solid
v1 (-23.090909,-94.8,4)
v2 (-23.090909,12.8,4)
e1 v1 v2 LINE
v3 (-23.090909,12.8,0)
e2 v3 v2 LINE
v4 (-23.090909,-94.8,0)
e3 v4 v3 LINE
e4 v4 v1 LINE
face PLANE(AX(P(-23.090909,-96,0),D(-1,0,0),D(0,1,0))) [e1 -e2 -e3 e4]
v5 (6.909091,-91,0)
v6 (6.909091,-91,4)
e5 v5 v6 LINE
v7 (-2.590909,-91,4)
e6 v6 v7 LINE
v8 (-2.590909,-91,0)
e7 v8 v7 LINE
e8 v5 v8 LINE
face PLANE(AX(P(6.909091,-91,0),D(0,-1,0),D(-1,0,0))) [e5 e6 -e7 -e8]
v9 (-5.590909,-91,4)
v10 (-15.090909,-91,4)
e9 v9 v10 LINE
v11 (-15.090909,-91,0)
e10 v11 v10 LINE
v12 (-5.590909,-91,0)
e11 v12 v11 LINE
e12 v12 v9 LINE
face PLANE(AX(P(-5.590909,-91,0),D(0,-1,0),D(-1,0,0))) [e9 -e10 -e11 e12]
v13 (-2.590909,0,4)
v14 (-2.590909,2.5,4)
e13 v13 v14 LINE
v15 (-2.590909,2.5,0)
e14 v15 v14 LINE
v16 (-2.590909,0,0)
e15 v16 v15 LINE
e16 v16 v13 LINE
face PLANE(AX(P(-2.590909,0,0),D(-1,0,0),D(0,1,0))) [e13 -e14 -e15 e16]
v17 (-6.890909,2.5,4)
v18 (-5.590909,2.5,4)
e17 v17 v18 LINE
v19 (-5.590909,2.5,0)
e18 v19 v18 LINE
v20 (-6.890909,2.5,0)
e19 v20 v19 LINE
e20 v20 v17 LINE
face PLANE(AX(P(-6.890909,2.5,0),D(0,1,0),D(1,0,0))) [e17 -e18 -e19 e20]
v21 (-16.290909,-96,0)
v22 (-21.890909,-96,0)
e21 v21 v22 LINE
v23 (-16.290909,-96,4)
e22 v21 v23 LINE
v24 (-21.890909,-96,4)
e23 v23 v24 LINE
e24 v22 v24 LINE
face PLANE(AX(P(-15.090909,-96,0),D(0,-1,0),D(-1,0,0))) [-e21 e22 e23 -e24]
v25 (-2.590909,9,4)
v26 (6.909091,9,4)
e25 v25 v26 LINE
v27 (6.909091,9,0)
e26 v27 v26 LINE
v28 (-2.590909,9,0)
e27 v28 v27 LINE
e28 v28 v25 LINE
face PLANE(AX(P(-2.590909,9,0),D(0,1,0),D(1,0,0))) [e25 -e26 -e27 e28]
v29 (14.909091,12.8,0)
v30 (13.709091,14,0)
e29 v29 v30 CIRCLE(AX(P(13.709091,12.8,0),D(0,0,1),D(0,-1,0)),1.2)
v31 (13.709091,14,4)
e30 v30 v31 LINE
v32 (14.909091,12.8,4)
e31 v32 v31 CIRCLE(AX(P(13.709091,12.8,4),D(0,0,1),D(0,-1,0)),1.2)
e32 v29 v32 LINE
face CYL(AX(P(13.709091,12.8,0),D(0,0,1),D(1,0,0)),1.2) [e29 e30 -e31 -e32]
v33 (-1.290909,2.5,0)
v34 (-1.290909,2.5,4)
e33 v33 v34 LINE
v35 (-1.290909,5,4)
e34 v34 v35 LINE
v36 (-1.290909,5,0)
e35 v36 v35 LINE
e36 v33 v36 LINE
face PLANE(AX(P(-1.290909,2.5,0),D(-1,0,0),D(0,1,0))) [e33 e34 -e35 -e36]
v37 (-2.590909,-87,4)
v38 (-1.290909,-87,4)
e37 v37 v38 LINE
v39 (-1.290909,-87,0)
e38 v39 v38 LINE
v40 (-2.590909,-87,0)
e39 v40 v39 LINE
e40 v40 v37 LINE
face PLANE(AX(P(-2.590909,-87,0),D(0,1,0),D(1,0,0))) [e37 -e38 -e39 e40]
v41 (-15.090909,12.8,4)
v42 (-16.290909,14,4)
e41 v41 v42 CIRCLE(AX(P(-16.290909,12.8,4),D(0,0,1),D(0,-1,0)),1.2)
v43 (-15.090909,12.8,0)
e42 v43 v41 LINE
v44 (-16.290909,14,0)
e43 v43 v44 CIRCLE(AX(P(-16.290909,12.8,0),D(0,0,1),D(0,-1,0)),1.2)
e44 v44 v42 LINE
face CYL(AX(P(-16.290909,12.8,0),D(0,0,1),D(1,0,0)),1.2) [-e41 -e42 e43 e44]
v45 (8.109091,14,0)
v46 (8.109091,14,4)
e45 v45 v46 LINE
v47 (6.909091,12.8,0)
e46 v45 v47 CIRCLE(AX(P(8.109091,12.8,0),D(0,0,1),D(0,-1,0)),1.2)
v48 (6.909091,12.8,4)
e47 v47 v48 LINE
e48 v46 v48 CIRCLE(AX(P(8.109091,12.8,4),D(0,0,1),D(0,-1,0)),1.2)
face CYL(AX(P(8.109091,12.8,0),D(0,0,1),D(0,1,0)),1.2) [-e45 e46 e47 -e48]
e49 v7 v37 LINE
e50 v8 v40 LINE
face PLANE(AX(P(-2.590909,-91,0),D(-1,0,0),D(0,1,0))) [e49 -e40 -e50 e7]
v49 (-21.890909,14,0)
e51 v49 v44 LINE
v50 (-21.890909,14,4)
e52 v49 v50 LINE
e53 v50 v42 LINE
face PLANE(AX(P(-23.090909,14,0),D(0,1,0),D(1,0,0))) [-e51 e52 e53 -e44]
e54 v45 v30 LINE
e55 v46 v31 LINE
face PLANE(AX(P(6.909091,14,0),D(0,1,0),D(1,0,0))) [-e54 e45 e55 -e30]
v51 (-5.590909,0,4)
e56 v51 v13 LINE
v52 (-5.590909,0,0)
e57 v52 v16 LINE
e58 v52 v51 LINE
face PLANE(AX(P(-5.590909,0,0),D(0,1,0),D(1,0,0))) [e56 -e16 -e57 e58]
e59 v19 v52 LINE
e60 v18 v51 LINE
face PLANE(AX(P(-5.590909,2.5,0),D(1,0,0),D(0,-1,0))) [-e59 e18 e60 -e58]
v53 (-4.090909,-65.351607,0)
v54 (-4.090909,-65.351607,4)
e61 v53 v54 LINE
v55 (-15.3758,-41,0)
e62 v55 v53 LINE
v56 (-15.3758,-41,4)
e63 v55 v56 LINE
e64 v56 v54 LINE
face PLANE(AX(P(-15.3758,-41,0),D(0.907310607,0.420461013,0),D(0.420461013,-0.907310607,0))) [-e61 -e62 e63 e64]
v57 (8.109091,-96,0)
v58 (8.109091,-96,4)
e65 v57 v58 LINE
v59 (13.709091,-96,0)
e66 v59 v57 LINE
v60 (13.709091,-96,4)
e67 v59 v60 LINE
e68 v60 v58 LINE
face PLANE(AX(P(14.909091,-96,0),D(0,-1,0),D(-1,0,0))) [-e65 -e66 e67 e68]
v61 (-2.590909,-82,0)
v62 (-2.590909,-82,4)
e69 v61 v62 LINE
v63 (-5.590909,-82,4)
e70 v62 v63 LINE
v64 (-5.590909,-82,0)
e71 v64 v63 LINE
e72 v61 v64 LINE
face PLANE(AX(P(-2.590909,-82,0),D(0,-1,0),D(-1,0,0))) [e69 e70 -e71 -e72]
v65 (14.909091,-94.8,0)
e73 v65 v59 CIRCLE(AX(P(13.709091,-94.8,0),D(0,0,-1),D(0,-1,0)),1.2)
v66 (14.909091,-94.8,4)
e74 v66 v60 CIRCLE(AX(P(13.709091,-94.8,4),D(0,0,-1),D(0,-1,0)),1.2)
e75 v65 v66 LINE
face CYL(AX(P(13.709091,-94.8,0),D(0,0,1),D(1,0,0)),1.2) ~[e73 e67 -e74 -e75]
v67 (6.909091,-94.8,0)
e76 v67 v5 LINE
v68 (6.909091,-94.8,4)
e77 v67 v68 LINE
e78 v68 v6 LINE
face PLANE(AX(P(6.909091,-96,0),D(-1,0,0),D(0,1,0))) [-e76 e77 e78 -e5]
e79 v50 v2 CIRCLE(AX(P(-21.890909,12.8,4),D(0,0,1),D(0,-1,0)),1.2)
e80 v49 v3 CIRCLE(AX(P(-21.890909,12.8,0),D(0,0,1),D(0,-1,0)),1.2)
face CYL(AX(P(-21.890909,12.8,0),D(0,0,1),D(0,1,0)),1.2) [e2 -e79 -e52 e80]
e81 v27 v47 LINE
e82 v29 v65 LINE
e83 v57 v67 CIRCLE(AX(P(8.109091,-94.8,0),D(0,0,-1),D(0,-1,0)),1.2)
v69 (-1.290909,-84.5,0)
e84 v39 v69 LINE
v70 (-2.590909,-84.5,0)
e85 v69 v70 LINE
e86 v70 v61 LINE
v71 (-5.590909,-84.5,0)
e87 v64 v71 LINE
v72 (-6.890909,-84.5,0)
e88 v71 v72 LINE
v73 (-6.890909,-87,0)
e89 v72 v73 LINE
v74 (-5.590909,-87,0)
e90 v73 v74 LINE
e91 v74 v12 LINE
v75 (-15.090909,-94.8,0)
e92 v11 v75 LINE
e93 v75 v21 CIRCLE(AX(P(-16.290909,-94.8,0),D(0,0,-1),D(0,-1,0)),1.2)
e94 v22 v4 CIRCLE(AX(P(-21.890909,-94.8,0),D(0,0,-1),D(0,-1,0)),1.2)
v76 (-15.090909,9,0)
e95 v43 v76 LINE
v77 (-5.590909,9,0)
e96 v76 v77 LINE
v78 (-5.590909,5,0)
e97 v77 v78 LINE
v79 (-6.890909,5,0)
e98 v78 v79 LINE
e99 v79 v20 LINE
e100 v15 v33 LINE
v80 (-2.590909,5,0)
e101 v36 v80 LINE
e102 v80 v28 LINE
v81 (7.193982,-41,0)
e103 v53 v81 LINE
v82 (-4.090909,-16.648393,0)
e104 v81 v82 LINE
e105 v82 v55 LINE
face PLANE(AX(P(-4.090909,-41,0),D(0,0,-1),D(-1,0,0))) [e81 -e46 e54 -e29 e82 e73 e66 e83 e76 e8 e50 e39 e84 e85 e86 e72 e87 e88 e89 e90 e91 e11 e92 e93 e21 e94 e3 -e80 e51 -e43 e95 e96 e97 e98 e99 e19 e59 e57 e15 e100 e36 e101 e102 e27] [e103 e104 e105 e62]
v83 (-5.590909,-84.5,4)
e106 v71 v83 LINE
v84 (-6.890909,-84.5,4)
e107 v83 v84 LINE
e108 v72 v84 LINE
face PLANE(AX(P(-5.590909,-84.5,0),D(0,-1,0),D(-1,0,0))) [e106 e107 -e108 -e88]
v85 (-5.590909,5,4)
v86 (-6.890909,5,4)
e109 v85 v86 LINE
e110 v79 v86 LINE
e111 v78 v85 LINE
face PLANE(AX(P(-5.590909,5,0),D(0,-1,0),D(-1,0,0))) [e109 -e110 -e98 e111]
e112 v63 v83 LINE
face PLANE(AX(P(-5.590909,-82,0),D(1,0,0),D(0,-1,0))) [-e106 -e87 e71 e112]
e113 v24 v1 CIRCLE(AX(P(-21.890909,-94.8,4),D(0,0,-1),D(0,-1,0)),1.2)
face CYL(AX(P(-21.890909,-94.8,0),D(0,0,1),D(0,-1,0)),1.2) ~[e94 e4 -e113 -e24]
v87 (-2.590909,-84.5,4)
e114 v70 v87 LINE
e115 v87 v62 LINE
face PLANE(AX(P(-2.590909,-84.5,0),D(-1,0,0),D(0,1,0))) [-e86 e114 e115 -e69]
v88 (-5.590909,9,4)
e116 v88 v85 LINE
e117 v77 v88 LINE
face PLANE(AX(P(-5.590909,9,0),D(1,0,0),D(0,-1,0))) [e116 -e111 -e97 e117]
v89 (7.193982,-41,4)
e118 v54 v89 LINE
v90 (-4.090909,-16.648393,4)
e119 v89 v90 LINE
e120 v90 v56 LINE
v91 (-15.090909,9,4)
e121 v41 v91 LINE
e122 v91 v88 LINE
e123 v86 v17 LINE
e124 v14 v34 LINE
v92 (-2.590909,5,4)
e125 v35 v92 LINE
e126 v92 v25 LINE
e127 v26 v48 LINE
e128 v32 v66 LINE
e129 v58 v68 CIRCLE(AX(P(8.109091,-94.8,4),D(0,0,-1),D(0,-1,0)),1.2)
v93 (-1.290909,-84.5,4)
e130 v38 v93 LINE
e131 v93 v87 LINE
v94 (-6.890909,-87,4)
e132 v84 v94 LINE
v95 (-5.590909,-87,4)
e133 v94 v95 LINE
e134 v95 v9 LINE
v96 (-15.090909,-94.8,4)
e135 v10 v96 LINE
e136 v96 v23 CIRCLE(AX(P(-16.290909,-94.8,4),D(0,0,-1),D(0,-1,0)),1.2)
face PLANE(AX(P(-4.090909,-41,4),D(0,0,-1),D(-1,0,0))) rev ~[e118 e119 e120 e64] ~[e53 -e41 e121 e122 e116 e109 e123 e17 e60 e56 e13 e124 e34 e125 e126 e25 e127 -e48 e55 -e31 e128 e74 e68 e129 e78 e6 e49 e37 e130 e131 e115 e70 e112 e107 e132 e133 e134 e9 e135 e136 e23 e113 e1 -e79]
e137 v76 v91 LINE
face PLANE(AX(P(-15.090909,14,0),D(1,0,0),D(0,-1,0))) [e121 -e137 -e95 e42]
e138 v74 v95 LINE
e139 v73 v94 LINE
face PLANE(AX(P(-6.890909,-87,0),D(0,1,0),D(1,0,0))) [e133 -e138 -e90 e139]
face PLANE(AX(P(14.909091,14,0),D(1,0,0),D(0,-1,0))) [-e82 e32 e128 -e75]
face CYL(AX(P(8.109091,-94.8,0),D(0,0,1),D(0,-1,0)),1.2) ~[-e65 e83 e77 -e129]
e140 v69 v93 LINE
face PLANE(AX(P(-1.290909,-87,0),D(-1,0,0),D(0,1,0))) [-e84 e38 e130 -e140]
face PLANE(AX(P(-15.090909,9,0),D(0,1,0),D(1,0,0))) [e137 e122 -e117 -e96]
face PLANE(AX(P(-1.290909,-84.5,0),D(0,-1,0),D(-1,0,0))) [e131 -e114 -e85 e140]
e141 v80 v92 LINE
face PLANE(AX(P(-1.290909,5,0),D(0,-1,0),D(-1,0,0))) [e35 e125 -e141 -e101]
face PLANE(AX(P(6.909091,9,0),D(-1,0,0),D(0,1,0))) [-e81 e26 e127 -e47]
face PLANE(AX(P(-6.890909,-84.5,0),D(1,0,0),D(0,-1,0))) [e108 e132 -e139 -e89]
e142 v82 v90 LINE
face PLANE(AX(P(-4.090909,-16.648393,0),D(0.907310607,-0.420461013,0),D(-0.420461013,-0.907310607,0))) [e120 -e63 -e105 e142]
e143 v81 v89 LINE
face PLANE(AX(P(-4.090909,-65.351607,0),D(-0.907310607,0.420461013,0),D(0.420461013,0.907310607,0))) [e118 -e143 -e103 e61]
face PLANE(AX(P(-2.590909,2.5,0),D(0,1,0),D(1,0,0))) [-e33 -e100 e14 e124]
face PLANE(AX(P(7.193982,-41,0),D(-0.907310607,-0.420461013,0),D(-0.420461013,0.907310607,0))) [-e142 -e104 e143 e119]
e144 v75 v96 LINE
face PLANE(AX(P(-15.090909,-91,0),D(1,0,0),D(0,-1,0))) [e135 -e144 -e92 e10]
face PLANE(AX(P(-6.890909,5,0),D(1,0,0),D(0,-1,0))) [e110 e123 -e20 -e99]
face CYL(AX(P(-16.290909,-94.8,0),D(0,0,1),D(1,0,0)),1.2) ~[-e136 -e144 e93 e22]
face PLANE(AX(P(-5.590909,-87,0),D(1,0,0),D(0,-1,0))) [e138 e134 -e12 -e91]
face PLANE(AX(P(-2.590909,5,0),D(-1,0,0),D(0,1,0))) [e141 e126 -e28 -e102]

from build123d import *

# Parameters (mm, degrees)
EXTRUDE_1_DEPTH = 4
FILLET_1_R      = 1.2


with BuildPart() as part:
    # 草图1 → 凸台-拉伸1 (new body)
    with BuildSketch(Plane.XY):
        Polygon((14.909090909, 14), (14.909090909, -96), (6.909090909, -96), (6.909090909, -91), (-2.590909091, -91), (-2.590909091, -87), (-1.290909091, -87), (-1.290909091, -84.5), (-2.590909091, -84.5), (-2.590909091, -82), (-5.590909091, -82), (-5.590909091, -84.5), (-6.890909091, -84.5), (-6.890909091, -87), (-5.590909091, -87), (-5.590909091, -91), (-15.090909091, -91), (-15.090909091, -96), (-23.090909091, -96), (-23.090909091, 14), (-15.090909091, 14), (-15.090909091, 9), (-5.590909091, 9), (-5.590909091, 5), (-6.890909091, 5), (-6.890909091, 2.5), (-5.590909091, 2.5), (-5.590909091, 0), (-2.590909091, 0), (-2.590909091, 2.5), (-1.290909091, 2.5), (-1.290909091, 5), (-2.590909091, 5), (-2.590909091, 9), (6.909090909, 9), (6.909090909, 14), align=None)
        Polygon((-4.090909091, -16.648392567), (-15.37580034, -41), (-4.090909091, -65.351607433), (7.193982158, -41), align=None, mode=Mode.SUBTRACT)
    extrude(amount=EXTRUDE_1_DEPTH)

    # 圆角1
    fillet_1_edges = [part.edges().sort_by_distance(p)[0] for p in [
        (6.909090909, 14, 2),
        (14.909090909, 14, 2),
        (14.909090909, -96, 2),
        (6.909090909, -96, 2),
        (-15.090909091, -96, 2),
        (-23.090909091, -96, 2),
        (-23.090909091, 14, 2),
        (-15.090909091, 14, 2),
    ]]
    fillet(fillet_1_edges, radius=FILLET_1_R)


solid = part.part
